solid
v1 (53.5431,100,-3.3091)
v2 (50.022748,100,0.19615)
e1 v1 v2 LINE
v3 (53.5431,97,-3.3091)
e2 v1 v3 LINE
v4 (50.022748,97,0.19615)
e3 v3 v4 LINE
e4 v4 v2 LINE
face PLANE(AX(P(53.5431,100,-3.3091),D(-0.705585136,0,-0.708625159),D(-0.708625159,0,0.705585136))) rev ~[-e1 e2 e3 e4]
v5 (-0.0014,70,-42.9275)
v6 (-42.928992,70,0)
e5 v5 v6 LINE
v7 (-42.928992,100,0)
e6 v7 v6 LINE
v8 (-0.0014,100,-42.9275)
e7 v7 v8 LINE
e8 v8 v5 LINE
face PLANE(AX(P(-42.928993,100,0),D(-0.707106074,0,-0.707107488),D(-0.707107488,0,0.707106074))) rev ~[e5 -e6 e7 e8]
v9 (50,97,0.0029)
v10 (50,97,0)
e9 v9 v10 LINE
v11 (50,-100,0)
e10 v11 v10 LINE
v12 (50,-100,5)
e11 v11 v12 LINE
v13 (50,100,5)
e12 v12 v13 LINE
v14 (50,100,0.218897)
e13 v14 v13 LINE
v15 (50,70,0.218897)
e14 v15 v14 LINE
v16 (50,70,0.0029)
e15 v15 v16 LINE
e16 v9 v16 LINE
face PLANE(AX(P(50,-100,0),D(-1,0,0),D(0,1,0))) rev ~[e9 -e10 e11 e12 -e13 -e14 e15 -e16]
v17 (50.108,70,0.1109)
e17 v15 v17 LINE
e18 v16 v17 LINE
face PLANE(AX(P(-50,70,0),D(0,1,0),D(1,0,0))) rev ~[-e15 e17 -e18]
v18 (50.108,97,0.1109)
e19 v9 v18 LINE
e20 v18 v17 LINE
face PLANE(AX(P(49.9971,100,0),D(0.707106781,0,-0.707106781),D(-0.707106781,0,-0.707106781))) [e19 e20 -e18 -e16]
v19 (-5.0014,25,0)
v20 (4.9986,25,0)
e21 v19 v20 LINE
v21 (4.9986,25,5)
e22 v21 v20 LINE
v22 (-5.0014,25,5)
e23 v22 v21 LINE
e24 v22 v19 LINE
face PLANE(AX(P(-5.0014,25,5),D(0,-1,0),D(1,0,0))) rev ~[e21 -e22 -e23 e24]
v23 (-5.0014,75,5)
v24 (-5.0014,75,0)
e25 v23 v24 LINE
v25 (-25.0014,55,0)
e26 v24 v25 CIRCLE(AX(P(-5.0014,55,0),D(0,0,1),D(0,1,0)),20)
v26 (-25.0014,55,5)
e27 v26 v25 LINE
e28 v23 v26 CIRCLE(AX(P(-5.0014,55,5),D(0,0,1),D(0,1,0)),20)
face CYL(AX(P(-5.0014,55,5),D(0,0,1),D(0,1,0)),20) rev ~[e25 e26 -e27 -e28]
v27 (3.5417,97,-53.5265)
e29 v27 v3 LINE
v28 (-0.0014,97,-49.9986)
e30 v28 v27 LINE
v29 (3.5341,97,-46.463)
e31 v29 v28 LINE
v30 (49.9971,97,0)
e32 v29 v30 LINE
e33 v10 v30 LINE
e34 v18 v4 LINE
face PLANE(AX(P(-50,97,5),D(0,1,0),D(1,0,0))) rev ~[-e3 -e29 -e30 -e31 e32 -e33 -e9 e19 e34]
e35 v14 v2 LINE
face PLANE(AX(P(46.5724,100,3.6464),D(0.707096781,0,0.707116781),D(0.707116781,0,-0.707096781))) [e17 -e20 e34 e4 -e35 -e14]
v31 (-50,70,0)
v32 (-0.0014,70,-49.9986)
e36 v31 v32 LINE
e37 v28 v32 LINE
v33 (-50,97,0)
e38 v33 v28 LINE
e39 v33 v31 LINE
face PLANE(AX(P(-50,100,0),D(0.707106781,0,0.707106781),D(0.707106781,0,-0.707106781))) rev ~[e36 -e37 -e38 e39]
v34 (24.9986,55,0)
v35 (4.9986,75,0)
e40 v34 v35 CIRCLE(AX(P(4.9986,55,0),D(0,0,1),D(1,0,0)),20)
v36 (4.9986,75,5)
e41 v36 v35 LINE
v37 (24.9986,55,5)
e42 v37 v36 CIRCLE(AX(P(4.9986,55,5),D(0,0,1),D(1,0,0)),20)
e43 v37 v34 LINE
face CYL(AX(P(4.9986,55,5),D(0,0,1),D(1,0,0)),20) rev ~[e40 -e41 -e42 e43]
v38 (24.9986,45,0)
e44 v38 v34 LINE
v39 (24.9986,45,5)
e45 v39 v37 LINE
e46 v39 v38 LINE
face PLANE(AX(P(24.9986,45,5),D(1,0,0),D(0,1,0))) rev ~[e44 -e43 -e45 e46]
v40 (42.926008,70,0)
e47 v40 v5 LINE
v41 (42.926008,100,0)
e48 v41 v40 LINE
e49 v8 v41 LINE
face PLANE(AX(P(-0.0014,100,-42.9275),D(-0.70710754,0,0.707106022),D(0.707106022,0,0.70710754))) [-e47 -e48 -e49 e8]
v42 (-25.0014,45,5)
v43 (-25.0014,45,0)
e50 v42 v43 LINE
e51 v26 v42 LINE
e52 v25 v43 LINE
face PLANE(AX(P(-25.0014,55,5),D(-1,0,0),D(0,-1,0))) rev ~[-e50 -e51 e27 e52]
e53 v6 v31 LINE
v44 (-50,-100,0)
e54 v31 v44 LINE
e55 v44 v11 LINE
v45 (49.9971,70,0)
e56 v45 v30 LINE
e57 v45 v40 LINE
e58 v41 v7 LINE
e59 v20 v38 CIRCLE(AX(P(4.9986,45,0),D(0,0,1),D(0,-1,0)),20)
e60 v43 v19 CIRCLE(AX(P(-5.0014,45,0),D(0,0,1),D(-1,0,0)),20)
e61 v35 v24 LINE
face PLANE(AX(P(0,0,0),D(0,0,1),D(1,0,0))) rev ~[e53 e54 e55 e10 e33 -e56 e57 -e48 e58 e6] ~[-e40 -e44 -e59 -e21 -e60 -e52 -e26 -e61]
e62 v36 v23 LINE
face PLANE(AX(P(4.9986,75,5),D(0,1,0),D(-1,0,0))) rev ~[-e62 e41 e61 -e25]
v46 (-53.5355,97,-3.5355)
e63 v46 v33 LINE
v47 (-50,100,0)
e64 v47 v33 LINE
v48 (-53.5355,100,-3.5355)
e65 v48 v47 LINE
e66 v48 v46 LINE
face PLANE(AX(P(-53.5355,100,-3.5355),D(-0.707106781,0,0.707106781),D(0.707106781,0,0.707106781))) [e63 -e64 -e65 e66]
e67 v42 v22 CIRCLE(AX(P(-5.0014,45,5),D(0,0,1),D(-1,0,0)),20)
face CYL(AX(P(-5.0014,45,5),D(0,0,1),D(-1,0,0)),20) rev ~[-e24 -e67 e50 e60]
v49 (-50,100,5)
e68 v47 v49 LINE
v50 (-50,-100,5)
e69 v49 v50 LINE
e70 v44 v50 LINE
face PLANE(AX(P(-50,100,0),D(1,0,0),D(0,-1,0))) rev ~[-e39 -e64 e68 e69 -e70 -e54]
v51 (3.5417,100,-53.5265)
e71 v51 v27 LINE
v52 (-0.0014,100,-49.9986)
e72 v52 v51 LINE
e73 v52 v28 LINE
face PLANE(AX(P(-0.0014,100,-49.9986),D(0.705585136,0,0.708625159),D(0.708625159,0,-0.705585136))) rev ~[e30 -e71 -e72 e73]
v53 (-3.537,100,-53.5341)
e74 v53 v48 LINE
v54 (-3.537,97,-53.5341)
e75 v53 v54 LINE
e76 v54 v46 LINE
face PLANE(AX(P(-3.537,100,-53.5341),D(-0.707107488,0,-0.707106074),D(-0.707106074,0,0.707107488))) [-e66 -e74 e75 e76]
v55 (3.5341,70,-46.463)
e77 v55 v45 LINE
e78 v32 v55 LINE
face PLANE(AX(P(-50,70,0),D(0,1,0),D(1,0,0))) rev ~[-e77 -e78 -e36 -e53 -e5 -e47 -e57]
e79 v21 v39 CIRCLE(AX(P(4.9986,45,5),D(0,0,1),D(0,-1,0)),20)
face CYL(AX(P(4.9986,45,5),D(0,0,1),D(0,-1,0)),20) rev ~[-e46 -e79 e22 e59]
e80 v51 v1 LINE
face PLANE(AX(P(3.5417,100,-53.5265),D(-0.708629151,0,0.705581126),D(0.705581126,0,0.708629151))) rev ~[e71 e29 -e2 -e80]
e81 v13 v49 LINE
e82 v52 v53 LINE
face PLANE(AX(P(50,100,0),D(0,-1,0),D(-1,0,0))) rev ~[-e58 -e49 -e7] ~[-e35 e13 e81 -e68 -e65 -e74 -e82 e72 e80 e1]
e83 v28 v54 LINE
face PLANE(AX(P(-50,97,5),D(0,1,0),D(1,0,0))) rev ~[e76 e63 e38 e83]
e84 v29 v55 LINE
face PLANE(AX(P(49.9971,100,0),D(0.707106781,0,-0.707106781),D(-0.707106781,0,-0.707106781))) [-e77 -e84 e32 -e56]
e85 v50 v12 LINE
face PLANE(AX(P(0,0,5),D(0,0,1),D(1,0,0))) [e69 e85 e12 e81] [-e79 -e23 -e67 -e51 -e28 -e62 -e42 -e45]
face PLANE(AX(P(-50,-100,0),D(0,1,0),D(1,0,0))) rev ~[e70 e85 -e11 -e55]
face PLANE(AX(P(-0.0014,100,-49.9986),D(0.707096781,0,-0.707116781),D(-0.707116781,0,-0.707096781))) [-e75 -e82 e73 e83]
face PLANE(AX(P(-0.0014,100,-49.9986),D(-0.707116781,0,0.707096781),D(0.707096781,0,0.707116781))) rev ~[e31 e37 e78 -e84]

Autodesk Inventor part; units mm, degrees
ref_plane "YZ Plane" through (0, 0, 0) normal (1, 0, 0) x (0, 1, 0)
ref_plane "XZ Plane" through (0, 0, 0) normal (0, 1, 0) x (-1, 0, 0)
ref_plane "XY Plane" through (0, 0, 0) normal (0, 0, 1) x (1, 0, 0)
sketch "Sketch1" plane through (0, 0, 0) normal (0, 0, 1) x (1, 0, 0)
  line L0 (-50, -100) -> (50, -100)
  line L1 (50, -100) -> (50, 100)
  line L2 (50, 100) -> (-50, 100)
  line L3 (-50, 100) -> (-50, -100)
  line L4 (-50, -100) -> (50, 100) construction
  line L5 (50, -100) -> (-50, 100) construction
  point P0 (0, 0)
  dimension "d0" = 100
  dimension "d1" = 200
extrude "Extrusion1" add sketch "Sketch1" along normal blind 5
sketch "Sketch2" plane through (-50, 100, 0) normal (0, 1, 0) x (1, 0, 0)
  line L0 (0, 0) -> (100, 0) projected
  line L1 (0, 0) -> (49.9986, 49.9986)
  line L2 (49.9986, 49.9986) -> (53.5341, 46.463)
  line L3 (53.5341, 46.463) -> (3.5355, -3.5355)
  line L4 (3.5355, -3.5355) -> (0, 0)
  line L5 (0, 0) -> (70.7086, 0) construction
  line L6 (100.108, -0.1109) -> (53.5341, 46.463)
  line L7 (53.5341, 46.463) -> (49.9986, 42.9275)
  line L8 (49.9986, 42.9275) -> (96.5724, -3.6464)
  line L9 (96.5724, -3.6464) -> (100.108, -0.1109)
  point P0 (50, 0)
  point P1 (49.9986, 42.9275)
  dimension "d4" = 45
  dimension "d5" = 5
  dimension "d6" = 5
extrude "Extrusion2" add sketch "Sketch2" against normal blind 30 contours L1 L2 L3 L0 | L0 L3 L4 | L8 L3 L6 L0 | L0 L6 L9 L8
sketch "Sketch6" plane through (0, 0, 5) normal (0, 0, 1) x (1, 0, 0)
  line L0 (4.9986, 75) -> (-5.0014, 75)
  line L1 (-25.0014, 55) -> (-25.0014, 45)
  line L2 (-5.0014, 25) -> (4.9986, 25)
  line L3 (24.9986, 45) -> (24.9986, 55)
  line L4 (24.9986, 75) -> (-25.0014, 25) construction
  line L5 (-25.0014, 75) -> (24.9986, 25) construction
  arc A0 (4.9986, 25) -> (24.9986, 45) centre (4.9986, 45) ccw
  arc A1 (24.9986, 55) -> (4.9986, 75) centre (4.9986, 55) ccw
  arc A2 (-5.0014, 75) -> (-25.0014, 55) centre (-5.0014, 55) ccw
  arc A3 (-25.0014, 45) -> (-5.0014, 25) centre (-5.0014, 45) ccw
  point P0 (0, 0)
  point P1 (-0.0014, 50)
  dimension "d21" = 50
  dimension "d22" = 50
  dimension "d23" = 20
extrude "Extrusion6" cut sketch "Sketch6" against normal blind 5
sketch "Sketch10" plane through (-50, 100, 5) normal (0, 1, 0) x (1, 0, 0)
  line L0 (0, 5) -> (7.0711, 5) projected
  line L1 (49.9986, 54.9986) -> (99.9971, 5) projected
  line L2 (0, 5) -> (49.9986, 54.9986)
  line L3 (49.9986, 54.9986) -> (46.463, 58.5341)
  line L4 (46.463, 58.5341) -> (-3.5355, 8.5355)
  line L5 (-3.5355, 8.5355) -> (0, 5)
  line L6 (100, 4.7812) -> (100, 0) projected
  line L7 (100, 4.7812) -> (49.9986, 54.9986)
  line L8 (49.9986, 54.9986) -> (53.5417, 58.5265)
  line L9 (53.5417, 58.5265) -> (103.5431, 8.3091)
  line L10 (103.5431, 8.3091) -> (100, 4.7812)
  line L11 (92.926, 5) -> (49.9986, 47.9275) projected
  line L12 (100, 0) -> (0, 0) projected
  line L13 (0, 0) -> (100, 0)
  point P0 (50, 5)
  dimension "d33" = 5
  dimension "d34" = 5
extrude "Extrusion9" add sketch "Sketch10" against normal blind 3
properties part number "fixation_v09"
